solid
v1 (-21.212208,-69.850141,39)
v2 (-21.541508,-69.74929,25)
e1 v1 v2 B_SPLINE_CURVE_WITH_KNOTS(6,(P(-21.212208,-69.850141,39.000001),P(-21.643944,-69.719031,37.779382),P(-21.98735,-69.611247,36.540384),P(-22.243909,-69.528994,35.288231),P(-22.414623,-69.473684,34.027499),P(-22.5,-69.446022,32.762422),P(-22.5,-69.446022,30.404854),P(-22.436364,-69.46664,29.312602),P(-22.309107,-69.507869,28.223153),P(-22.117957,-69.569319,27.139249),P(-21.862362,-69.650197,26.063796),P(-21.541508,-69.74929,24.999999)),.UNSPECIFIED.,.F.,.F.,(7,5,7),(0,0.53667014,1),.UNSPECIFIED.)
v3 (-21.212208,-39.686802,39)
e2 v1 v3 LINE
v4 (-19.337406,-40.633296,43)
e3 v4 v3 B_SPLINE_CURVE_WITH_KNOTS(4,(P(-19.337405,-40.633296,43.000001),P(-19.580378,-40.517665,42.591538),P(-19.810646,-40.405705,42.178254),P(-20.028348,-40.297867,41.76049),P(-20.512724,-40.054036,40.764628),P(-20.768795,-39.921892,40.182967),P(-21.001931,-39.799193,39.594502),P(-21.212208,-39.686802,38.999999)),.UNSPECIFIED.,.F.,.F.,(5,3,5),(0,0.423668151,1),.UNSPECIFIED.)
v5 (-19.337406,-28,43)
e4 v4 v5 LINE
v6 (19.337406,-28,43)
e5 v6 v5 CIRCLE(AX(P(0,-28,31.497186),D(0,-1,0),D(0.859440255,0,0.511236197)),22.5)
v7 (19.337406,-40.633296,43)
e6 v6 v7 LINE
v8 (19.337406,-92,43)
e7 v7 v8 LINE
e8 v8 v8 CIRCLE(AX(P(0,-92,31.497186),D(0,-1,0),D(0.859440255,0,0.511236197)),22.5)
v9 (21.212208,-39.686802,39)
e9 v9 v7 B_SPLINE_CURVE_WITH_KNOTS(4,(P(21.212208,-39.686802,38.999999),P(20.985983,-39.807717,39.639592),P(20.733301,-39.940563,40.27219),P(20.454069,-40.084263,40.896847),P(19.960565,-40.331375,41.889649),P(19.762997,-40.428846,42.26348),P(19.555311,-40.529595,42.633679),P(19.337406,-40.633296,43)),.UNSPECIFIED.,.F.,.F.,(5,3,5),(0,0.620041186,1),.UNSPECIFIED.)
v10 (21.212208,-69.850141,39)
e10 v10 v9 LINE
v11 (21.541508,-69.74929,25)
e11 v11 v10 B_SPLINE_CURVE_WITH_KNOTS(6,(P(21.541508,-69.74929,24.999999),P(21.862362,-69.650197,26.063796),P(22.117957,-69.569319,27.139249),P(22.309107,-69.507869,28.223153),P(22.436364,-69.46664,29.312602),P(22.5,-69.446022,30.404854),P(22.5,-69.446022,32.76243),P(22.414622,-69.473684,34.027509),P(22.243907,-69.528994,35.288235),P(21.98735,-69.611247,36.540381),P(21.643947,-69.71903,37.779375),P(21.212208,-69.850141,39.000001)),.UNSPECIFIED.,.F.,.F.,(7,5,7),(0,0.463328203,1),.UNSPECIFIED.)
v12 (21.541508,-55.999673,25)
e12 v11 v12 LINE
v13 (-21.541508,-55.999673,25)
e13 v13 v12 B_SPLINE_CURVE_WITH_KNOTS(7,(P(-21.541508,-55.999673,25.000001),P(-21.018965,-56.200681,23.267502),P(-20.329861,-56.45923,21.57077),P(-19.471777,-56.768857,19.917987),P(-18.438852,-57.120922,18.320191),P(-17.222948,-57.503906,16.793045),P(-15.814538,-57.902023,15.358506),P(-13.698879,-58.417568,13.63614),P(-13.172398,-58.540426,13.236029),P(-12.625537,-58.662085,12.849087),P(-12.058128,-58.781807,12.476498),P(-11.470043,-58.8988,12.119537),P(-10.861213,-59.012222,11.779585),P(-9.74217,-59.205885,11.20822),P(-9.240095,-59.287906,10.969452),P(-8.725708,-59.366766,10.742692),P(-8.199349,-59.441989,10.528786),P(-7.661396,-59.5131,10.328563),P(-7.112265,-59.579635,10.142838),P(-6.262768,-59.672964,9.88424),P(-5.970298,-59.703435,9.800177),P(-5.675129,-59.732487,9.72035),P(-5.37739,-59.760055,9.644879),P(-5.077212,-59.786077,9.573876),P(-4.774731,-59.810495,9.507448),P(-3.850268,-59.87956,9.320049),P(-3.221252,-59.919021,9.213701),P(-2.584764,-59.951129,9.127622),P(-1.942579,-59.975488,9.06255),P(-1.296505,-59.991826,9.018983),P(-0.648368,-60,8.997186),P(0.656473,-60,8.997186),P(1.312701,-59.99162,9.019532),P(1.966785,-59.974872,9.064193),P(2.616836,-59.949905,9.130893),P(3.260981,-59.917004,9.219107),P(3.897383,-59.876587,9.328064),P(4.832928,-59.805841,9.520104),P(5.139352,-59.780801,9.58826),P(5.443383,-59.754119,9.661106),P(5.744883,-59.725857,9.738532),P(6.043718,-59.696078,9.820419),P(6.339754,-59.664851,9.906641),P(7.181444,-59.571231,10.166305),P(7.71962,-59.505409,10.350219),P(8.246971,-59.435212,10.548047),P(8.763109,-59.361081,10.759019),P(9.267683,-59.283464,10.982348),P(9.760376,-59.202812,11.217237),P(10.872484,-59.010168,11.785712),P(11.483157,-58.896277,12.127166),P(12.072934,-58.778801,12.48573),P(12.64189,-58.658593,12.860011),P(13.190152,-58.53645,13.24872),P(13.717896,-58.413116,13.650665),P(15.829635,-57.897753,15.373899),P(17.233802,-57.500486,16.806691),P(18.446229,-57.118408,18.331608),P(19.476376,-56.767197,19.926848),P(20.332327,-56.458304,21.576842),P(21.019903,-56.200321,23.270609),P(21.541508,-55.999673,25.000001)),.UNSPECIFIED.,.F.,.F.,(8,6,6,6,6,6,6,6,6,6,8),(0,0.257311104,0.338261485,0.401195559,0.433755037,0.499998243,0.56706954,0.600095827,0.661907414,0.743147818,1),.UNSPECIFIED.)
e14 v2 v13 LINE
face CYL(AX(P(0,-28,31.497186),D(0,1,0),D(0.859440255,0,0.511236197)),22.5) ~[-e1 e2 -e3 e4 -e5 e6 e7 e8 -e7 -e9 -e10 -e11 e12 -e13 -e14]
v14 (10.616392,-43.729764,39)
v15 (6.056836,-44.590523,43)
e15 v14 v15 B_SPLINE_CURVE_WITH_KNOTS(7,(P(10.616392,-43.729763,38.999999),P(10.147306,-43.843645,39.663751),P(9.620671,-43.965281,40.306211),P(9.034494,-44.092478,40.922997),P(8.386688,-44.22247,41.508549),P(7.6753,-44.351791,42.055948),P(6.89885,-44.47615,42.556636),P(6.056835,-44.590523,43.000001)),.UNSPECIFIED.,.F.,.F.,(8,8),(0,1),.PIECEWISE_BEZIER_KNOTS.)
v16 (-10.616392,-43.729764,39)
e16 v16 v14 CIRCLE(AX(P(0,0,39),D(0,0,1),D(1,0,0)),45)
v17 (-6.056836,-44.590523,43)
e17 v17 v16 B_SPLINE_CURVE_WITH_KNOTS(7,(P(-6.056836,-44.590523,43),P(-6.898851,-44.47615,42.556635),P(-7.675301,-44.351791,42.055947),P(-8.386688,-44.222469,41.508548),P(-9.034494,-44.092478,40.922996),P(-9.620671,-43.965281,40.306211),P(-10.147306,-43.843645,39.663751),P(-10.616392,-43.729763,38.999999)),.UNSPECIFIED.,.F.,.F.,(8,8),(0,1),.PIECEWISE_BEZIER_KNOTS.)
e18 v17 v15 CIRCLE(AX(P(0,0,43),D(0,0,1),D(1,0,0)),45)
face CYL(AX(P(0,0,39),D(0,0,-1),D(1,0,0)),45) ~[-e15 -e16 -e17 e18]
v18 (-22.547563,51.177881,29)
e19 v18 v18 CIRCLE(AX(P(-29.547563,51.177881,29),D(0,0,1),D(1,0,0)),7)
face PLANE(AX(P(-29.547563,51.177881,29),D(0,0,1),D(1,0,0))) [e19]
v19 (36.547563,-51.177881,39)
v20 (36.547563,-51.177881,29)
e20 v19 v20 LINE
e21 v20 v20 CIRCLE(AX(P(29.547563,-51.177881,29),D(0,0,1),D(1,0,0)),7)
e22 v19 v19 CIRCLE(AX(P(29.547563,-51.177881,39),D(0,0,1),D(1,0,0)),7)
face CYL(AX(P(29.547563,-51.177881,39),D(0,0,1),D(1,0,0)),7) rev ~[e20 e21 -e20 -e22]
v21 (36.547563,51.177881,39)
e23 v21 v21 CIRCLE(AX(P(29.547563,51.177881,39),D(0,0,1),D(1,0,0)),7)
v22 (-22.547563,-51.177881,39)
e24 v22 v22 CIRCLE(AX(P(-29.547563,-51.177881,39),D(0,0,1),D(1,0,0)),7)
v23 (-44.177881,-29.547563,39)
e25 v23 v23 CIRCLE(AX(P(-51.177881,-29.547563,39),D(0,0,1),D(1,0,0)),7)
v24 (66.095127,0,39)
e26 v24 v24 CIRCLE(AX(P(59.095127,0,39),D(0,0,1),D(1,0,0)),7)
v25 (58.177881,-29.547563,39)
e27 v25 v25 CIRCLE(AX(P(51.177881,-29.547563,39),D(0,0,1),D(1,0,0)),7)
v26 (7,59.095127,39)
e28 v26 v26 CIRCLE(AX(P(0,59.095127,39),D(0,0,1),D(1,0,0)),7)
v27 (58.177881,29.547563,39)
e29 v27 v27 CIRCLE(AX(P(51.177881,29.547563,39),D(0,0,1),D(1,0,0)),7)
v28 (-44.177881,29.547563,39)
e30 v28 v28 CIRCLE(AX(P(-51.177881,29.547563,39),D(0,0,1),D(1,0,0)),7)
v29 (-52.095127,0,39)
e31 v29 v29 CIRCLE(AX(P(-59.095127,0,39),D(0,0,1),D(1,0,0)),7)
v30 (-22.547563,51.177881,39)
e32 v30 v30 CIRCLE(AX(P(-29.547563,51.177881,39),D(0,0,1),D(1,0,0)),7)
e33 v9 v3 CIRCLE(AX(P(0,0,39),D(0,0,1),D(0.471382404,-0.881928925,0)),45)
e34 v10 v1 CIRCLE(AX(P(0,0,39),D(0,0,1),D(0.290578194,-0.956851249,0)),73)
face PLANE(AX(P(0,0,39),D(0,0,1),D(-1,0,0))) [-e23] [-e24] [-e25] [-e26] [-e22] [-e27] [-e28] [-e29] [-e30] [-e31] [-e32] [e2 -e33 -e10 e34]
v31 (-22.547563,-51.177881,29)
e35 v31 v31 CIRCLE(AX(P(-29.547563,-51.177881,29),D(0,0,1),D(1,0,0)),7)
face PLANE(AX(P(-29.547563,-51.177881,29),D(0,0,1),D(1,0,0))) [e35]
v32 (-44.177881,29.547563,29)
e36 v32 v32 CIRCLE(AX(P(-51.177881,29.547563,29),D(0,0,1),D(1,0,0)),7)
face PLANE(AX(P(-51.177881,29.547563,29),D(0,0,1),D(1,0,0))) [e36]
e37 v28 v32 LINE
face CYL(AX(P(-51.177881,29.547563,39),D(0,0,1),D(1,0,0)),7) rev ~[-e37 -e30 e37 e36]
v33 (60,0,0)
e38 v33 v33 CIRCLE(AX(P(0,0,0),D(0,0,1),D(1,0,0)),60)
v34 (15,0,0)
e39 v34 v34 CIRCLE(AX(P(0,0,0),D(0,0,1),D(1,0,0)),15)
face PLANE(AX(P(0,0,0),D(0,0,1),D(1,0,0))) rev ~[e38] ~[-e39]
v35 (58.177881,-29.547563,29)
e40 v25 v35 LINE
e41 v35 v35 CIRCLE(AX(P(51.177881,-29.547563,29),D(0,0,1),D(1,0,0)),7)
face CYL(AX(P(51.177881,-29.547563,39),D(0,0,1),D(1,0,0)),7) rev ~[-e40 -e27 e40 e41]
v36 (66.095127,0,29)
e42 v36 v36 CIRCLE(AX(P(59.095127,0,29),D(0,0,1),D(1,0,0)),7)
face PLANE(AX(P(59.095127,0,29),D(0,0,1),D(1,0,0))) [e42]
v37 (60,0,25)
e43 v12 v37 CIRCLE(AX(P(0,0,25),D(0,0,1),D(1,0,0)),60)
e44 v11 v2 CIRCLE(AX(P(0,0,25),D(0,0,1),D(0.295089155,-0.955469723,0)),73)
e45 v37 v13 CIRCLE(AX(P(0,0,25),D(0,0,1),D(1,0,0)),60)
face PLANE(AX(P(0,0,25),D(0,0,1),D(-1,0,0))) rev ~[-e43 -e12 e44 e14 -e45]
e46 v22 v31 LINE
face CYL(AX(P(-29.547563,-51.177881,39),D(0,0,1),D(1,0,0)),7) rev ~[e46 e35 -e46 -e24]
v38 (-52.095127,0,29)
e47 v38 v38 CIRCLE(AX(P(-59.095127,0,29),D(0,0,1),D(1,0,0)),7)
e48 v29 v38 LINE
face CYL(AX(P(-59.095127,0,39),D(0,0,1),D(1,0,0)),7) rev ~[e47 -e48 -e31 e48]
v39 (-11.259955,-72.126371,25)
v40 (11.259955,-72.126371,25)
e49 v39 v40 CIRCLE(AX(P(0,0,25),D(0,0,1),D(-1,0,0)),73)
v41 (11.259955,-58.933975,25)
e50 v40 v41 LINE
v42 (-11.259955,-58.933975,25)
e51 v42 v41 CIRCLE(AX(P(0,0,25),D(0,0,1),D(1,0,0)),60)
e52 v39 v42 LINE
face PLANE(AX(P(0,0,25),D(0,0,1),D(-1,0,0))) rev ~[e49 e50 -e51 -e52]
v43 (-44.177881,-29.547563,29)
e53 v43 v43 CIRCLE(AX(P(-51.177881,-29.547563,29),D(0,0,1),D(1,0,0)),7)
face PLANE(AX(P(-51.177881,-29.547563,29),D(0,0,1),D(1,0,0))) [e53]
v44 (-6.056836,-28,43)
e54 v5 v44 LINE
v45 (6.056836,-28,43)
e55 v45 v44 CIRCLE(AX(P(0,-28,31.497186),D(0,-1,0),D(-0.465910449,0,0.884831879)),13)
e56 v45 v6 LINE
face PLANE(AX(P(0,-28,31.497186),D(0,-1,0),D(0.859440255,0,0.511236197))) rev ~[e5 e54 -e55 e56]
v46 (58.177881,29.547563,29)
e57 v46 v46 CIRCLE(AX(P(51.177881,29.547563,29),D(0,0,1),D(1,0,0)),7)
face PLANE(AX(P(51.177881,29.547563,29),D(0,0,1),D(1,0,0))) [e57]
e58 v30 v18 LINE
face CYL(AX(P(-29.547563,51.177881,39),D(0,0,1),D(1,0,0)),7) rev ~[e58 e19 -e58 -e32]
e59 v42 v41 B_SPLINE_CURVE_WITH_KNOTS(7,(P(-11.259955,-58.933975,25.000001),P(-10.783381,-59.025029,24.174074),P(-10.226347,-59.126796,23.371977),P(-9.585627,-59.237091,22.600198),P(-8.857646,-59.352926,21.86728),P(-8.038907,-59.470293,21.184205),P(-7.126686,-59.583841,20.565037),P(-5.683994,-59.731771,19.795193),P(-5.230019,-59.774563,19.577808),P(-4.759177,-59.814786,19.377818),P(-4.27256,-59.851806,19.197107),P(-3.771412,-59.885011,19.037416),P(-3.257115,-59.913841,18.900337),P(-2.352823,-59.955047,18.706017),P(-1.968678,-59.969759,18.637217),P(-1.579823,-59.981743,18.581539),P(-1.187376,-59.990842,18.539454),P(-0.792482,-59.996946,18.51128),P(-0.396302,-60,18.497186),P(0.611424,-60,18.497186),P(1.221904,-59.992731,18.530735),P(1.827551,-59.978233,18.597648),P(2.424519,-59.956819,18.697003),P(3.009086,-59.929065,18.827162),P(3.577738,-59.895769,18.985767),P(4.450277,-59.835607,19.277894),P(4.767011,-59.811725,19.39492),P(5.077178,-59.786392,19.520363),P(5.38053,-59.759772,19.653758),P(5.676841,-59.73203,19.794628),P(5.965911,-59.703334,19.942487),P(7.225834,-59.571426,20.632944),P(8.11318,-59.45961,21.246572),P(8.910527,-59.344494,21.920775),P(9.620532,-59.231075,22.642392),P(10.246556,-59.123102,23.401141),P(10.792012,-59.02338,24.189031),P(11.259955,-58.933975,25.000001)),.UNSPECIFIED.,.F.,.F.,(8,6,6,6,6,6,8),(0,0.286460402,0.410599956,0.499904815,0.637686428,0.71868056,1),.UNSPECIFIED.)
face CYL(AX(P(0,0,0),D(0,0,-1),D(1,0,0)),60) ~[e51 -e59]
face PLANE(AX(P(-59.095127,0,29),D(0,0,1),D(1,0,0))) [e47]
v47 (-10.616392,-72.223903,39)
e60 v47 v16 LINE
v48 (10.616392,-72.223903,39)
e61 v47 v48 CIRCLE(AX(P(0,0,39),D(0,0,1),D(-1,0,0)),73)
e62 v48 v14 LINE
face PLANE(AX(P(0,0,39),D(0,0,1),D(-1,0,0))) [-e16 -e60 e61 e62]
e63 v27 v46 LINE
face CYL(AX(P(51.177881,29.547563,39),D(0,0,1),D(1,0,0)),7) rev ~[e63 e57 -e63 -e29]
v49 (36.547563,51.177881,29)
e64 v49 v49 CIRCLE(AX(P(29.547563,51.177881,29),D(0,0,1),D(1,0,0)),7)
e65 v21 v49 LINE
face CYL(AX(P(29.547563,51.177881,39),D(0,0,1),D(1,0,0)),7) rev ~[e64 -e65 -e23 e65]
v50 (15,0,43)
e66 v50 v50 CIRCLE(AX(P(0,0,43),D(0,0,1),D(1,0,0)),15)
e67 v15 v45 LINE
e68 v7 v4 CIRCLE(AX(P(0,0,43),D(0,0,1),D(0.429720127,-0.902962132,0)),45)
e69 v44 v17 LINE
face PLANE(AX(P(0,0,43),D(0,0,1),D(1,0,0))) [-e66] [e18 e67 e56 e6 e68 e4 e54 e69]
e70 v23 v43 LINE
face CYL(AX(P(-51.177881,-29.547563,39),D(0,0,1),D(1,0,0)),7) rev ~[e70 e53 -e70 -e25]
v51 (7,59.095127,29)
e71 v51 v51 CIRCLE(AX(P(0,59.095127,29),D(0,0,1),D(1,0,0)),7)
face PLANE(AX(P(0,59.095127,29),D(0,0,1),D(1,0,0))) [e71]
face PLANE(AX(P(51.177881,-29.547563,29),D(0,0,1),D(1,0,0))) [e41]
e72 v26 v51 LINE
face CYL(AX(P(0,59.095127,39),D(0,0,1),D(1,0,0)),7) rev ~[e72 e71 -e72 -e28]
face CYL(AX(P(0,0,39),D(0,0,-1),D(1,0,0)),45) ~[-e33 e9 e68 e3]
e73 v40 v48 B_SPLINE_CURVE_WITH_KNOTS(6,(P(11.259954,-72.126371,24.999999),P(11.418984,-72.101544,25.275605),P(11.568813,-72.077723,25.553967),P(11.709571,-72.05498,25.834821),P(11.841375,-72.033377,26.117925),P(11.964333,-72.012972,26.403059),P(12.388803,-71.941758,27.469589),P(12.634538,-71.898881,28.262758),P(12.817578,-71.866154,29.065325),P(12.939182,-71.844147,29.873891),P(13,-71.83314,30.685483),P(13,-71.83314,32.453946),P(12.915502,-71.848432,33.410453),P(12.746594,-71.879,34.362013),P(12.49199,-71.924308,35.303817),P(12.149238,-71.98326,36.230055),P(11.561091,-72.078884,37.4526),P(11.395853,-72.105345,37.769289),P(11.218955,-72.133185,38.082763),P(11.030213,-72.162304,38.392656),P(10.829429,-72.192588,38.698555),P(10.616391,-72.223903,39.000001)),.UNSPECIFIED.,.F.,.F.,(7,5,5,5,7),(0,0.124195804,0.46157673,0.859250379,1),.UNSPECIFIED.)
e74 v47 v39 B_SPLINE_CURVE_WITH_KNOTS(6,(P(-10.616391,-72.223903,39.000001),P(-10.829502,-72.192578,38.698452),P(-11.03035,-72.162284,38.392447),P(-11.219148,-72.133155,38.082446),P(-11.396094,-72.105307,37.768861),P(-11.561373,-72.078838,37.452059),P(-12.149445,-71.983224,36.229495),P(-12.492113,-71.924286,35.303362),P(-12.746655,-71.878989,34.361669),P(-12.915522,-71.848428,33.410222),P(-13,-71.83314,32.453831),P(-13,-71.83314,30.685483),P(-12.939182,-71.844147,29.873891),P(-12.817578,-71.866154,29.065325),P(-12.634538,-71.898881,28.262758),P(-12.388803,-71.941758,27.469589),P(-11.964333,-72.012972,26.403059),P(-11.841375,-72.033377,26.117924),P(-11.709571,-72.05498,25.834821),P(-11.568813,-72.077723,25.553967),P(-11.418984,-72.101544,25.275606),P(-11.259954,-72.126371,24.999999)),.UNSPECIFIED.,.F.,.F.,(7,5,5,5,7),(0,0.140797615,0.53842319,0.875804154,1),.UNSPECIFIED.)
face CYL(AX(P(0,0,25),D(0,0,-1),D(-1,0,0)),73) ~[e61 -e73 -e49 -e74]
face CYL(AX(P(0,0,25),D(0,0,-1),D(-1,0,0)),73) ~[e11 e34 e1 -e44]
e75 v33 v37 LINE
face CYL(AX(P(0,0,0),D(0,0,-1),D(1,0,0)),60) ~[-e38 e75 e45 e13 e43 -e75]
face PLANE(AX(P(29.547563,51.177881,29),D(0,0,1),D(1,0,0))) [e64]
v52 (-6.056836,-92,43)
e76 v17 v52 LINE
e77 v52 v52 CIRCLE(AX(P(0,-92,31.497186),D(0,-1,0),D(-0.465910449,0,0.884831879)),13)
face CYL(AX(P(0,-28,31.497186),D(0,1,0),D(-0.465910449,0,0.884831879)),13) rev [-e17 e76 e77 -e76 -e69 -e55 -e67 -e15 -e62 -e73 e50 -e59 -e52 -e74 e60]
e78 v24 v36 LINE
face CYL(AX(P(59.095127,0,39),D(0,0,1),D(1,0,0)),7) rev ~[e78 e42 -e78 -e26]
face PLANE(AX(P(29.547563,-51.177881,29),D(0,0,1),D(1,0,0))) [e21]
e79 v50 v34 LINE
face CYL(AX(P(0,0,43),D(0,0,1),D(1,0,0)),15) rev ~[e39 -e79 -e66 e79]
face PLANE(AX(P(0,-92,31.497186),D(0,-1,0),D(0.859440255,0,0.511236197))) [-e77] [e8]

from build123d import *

# Parameters (mm, degrees)
SKETCH1_R                = 60
BOSS_EXTRUDE1_DEPTH      = 25
SKETCH2_R                = 73
BOSS_EXTRUDE2_DEPTH      = 14
SKETCH4_R                = 45
BOSS_EXTRUDE3_DEPTH      = 4
SKETCH5_R                = 15
CUT_EXTRUDE1_DEPTH       = 99
SKETCH6_R                = 7
CUT_EXTRUDE2_DEPTH       = 10
BOSS_EXTRUDE4_DEPTH      = 19
BOSS_EXTRUDE4_DEPTH_BACK = 45
SKETCH7_R                = 22.5
SKETCH7_R_2              = 13


with BuildPart() as part:
    # Sketch1 → Boss-Extrude1 (new body)
    with BuildSketch(Plane.XY):
        Circle(SKETCH1_R)
    extrude(amount=BOSS_EXTRUDE1_DEPTH)

    # Sketch2 → Boss-Extrude2 (add)
    with BuildSketch(Plane.XY.offset(25)):
        with Locations(Location((0, 0, 0), (0, 0, 180))):
            Circle(SKETCH2_R)
    extrude(amount=BOSS_EXTRUDE2_DEPTH)

    # Sketch4 → Boss-Extrude3 (add)
    with BuildSketch(Plane.XY.offset(39)):
        Circle(SKETCH4_R)
    extrude(amount=BOSS_EXTRUDE3_DEPTH)

    # Sketch5 → Cut-Extrude1 (cut)
    with BuildSketch(Plane.XY.offset(43)):
        Circle(SKETCH5_R)
    extrude(amount=-CUT_EXTRUDE1_DEPTH, mode=Mode.SUBTRACT)

    # Sketch6 → Cut-Extrude2 (cut)
    with BuildSketch(Plane.XY.offset(39)):
        with Locations((0, 59.095126961)):
            Circle(SKETCH6_R)
        with Locations((29.54756348, 51.177881188)):
            Circle(SKETCH6_R)
        with Locations((51.177881188, 29.54756348)):
            Circle(SKETCH6_R)
        with Locations((59.095126961, 0)):
            Circle(SKETCH6_R)
        with Locations((51.177881188, -29.54756348)):
            Circle(SKETCH6_R)
        with Locations((29.54756348, -51.177881188)):
            Circle(SKETCH6_R)
        with Locations((-29.54756348, -51.177881188)):
            Circle(SKETCH6_R)
        with Locations((-51.177881188, -29.54756348)):
            Circle(SKETCH6_R)
        with Locations((-59.095126961, 0)):
            Circle(SKETCH6_R)
        with Locations((-51.177881188, 29.54756348)):
            Circle(SKETCH6_R)
        with Locations((-29.54756348, 51.177881188)):
            Circle(SKETCH6_R)
    extrude(amount=-CUT_EXTRUDE2_DEPTH, mode=Mode.SUBTRACT)

    # Sketch7 → Boss-Extrude4 (add, two sides: drawn at the far end of the back side and taken through both)
    with BuildSketch(Plane(origin=(0, -73, 0), x_dir=(-1, 0, 0), z_dir=(0, -1, 0)).offset(-BOSS_EXTRUDE4_DEPTH_BACK)):
        with Locations(Location((0, -31.497185576, 0), (0, 0, 210.74620731))):
            Circle(SKETCH7_R)
        with Locations(Location((0, -31.497185576, 0), (0, 0, 297.769160661))):
            Circle(SKETCH7_R_2, mode=Mode.SUBTRACT)
    extrude(amount=BOSS_EXTRUDE4_DEPTH + BOSS_EXTRUDE4_DEPTH_BACK)


solid = part.part
